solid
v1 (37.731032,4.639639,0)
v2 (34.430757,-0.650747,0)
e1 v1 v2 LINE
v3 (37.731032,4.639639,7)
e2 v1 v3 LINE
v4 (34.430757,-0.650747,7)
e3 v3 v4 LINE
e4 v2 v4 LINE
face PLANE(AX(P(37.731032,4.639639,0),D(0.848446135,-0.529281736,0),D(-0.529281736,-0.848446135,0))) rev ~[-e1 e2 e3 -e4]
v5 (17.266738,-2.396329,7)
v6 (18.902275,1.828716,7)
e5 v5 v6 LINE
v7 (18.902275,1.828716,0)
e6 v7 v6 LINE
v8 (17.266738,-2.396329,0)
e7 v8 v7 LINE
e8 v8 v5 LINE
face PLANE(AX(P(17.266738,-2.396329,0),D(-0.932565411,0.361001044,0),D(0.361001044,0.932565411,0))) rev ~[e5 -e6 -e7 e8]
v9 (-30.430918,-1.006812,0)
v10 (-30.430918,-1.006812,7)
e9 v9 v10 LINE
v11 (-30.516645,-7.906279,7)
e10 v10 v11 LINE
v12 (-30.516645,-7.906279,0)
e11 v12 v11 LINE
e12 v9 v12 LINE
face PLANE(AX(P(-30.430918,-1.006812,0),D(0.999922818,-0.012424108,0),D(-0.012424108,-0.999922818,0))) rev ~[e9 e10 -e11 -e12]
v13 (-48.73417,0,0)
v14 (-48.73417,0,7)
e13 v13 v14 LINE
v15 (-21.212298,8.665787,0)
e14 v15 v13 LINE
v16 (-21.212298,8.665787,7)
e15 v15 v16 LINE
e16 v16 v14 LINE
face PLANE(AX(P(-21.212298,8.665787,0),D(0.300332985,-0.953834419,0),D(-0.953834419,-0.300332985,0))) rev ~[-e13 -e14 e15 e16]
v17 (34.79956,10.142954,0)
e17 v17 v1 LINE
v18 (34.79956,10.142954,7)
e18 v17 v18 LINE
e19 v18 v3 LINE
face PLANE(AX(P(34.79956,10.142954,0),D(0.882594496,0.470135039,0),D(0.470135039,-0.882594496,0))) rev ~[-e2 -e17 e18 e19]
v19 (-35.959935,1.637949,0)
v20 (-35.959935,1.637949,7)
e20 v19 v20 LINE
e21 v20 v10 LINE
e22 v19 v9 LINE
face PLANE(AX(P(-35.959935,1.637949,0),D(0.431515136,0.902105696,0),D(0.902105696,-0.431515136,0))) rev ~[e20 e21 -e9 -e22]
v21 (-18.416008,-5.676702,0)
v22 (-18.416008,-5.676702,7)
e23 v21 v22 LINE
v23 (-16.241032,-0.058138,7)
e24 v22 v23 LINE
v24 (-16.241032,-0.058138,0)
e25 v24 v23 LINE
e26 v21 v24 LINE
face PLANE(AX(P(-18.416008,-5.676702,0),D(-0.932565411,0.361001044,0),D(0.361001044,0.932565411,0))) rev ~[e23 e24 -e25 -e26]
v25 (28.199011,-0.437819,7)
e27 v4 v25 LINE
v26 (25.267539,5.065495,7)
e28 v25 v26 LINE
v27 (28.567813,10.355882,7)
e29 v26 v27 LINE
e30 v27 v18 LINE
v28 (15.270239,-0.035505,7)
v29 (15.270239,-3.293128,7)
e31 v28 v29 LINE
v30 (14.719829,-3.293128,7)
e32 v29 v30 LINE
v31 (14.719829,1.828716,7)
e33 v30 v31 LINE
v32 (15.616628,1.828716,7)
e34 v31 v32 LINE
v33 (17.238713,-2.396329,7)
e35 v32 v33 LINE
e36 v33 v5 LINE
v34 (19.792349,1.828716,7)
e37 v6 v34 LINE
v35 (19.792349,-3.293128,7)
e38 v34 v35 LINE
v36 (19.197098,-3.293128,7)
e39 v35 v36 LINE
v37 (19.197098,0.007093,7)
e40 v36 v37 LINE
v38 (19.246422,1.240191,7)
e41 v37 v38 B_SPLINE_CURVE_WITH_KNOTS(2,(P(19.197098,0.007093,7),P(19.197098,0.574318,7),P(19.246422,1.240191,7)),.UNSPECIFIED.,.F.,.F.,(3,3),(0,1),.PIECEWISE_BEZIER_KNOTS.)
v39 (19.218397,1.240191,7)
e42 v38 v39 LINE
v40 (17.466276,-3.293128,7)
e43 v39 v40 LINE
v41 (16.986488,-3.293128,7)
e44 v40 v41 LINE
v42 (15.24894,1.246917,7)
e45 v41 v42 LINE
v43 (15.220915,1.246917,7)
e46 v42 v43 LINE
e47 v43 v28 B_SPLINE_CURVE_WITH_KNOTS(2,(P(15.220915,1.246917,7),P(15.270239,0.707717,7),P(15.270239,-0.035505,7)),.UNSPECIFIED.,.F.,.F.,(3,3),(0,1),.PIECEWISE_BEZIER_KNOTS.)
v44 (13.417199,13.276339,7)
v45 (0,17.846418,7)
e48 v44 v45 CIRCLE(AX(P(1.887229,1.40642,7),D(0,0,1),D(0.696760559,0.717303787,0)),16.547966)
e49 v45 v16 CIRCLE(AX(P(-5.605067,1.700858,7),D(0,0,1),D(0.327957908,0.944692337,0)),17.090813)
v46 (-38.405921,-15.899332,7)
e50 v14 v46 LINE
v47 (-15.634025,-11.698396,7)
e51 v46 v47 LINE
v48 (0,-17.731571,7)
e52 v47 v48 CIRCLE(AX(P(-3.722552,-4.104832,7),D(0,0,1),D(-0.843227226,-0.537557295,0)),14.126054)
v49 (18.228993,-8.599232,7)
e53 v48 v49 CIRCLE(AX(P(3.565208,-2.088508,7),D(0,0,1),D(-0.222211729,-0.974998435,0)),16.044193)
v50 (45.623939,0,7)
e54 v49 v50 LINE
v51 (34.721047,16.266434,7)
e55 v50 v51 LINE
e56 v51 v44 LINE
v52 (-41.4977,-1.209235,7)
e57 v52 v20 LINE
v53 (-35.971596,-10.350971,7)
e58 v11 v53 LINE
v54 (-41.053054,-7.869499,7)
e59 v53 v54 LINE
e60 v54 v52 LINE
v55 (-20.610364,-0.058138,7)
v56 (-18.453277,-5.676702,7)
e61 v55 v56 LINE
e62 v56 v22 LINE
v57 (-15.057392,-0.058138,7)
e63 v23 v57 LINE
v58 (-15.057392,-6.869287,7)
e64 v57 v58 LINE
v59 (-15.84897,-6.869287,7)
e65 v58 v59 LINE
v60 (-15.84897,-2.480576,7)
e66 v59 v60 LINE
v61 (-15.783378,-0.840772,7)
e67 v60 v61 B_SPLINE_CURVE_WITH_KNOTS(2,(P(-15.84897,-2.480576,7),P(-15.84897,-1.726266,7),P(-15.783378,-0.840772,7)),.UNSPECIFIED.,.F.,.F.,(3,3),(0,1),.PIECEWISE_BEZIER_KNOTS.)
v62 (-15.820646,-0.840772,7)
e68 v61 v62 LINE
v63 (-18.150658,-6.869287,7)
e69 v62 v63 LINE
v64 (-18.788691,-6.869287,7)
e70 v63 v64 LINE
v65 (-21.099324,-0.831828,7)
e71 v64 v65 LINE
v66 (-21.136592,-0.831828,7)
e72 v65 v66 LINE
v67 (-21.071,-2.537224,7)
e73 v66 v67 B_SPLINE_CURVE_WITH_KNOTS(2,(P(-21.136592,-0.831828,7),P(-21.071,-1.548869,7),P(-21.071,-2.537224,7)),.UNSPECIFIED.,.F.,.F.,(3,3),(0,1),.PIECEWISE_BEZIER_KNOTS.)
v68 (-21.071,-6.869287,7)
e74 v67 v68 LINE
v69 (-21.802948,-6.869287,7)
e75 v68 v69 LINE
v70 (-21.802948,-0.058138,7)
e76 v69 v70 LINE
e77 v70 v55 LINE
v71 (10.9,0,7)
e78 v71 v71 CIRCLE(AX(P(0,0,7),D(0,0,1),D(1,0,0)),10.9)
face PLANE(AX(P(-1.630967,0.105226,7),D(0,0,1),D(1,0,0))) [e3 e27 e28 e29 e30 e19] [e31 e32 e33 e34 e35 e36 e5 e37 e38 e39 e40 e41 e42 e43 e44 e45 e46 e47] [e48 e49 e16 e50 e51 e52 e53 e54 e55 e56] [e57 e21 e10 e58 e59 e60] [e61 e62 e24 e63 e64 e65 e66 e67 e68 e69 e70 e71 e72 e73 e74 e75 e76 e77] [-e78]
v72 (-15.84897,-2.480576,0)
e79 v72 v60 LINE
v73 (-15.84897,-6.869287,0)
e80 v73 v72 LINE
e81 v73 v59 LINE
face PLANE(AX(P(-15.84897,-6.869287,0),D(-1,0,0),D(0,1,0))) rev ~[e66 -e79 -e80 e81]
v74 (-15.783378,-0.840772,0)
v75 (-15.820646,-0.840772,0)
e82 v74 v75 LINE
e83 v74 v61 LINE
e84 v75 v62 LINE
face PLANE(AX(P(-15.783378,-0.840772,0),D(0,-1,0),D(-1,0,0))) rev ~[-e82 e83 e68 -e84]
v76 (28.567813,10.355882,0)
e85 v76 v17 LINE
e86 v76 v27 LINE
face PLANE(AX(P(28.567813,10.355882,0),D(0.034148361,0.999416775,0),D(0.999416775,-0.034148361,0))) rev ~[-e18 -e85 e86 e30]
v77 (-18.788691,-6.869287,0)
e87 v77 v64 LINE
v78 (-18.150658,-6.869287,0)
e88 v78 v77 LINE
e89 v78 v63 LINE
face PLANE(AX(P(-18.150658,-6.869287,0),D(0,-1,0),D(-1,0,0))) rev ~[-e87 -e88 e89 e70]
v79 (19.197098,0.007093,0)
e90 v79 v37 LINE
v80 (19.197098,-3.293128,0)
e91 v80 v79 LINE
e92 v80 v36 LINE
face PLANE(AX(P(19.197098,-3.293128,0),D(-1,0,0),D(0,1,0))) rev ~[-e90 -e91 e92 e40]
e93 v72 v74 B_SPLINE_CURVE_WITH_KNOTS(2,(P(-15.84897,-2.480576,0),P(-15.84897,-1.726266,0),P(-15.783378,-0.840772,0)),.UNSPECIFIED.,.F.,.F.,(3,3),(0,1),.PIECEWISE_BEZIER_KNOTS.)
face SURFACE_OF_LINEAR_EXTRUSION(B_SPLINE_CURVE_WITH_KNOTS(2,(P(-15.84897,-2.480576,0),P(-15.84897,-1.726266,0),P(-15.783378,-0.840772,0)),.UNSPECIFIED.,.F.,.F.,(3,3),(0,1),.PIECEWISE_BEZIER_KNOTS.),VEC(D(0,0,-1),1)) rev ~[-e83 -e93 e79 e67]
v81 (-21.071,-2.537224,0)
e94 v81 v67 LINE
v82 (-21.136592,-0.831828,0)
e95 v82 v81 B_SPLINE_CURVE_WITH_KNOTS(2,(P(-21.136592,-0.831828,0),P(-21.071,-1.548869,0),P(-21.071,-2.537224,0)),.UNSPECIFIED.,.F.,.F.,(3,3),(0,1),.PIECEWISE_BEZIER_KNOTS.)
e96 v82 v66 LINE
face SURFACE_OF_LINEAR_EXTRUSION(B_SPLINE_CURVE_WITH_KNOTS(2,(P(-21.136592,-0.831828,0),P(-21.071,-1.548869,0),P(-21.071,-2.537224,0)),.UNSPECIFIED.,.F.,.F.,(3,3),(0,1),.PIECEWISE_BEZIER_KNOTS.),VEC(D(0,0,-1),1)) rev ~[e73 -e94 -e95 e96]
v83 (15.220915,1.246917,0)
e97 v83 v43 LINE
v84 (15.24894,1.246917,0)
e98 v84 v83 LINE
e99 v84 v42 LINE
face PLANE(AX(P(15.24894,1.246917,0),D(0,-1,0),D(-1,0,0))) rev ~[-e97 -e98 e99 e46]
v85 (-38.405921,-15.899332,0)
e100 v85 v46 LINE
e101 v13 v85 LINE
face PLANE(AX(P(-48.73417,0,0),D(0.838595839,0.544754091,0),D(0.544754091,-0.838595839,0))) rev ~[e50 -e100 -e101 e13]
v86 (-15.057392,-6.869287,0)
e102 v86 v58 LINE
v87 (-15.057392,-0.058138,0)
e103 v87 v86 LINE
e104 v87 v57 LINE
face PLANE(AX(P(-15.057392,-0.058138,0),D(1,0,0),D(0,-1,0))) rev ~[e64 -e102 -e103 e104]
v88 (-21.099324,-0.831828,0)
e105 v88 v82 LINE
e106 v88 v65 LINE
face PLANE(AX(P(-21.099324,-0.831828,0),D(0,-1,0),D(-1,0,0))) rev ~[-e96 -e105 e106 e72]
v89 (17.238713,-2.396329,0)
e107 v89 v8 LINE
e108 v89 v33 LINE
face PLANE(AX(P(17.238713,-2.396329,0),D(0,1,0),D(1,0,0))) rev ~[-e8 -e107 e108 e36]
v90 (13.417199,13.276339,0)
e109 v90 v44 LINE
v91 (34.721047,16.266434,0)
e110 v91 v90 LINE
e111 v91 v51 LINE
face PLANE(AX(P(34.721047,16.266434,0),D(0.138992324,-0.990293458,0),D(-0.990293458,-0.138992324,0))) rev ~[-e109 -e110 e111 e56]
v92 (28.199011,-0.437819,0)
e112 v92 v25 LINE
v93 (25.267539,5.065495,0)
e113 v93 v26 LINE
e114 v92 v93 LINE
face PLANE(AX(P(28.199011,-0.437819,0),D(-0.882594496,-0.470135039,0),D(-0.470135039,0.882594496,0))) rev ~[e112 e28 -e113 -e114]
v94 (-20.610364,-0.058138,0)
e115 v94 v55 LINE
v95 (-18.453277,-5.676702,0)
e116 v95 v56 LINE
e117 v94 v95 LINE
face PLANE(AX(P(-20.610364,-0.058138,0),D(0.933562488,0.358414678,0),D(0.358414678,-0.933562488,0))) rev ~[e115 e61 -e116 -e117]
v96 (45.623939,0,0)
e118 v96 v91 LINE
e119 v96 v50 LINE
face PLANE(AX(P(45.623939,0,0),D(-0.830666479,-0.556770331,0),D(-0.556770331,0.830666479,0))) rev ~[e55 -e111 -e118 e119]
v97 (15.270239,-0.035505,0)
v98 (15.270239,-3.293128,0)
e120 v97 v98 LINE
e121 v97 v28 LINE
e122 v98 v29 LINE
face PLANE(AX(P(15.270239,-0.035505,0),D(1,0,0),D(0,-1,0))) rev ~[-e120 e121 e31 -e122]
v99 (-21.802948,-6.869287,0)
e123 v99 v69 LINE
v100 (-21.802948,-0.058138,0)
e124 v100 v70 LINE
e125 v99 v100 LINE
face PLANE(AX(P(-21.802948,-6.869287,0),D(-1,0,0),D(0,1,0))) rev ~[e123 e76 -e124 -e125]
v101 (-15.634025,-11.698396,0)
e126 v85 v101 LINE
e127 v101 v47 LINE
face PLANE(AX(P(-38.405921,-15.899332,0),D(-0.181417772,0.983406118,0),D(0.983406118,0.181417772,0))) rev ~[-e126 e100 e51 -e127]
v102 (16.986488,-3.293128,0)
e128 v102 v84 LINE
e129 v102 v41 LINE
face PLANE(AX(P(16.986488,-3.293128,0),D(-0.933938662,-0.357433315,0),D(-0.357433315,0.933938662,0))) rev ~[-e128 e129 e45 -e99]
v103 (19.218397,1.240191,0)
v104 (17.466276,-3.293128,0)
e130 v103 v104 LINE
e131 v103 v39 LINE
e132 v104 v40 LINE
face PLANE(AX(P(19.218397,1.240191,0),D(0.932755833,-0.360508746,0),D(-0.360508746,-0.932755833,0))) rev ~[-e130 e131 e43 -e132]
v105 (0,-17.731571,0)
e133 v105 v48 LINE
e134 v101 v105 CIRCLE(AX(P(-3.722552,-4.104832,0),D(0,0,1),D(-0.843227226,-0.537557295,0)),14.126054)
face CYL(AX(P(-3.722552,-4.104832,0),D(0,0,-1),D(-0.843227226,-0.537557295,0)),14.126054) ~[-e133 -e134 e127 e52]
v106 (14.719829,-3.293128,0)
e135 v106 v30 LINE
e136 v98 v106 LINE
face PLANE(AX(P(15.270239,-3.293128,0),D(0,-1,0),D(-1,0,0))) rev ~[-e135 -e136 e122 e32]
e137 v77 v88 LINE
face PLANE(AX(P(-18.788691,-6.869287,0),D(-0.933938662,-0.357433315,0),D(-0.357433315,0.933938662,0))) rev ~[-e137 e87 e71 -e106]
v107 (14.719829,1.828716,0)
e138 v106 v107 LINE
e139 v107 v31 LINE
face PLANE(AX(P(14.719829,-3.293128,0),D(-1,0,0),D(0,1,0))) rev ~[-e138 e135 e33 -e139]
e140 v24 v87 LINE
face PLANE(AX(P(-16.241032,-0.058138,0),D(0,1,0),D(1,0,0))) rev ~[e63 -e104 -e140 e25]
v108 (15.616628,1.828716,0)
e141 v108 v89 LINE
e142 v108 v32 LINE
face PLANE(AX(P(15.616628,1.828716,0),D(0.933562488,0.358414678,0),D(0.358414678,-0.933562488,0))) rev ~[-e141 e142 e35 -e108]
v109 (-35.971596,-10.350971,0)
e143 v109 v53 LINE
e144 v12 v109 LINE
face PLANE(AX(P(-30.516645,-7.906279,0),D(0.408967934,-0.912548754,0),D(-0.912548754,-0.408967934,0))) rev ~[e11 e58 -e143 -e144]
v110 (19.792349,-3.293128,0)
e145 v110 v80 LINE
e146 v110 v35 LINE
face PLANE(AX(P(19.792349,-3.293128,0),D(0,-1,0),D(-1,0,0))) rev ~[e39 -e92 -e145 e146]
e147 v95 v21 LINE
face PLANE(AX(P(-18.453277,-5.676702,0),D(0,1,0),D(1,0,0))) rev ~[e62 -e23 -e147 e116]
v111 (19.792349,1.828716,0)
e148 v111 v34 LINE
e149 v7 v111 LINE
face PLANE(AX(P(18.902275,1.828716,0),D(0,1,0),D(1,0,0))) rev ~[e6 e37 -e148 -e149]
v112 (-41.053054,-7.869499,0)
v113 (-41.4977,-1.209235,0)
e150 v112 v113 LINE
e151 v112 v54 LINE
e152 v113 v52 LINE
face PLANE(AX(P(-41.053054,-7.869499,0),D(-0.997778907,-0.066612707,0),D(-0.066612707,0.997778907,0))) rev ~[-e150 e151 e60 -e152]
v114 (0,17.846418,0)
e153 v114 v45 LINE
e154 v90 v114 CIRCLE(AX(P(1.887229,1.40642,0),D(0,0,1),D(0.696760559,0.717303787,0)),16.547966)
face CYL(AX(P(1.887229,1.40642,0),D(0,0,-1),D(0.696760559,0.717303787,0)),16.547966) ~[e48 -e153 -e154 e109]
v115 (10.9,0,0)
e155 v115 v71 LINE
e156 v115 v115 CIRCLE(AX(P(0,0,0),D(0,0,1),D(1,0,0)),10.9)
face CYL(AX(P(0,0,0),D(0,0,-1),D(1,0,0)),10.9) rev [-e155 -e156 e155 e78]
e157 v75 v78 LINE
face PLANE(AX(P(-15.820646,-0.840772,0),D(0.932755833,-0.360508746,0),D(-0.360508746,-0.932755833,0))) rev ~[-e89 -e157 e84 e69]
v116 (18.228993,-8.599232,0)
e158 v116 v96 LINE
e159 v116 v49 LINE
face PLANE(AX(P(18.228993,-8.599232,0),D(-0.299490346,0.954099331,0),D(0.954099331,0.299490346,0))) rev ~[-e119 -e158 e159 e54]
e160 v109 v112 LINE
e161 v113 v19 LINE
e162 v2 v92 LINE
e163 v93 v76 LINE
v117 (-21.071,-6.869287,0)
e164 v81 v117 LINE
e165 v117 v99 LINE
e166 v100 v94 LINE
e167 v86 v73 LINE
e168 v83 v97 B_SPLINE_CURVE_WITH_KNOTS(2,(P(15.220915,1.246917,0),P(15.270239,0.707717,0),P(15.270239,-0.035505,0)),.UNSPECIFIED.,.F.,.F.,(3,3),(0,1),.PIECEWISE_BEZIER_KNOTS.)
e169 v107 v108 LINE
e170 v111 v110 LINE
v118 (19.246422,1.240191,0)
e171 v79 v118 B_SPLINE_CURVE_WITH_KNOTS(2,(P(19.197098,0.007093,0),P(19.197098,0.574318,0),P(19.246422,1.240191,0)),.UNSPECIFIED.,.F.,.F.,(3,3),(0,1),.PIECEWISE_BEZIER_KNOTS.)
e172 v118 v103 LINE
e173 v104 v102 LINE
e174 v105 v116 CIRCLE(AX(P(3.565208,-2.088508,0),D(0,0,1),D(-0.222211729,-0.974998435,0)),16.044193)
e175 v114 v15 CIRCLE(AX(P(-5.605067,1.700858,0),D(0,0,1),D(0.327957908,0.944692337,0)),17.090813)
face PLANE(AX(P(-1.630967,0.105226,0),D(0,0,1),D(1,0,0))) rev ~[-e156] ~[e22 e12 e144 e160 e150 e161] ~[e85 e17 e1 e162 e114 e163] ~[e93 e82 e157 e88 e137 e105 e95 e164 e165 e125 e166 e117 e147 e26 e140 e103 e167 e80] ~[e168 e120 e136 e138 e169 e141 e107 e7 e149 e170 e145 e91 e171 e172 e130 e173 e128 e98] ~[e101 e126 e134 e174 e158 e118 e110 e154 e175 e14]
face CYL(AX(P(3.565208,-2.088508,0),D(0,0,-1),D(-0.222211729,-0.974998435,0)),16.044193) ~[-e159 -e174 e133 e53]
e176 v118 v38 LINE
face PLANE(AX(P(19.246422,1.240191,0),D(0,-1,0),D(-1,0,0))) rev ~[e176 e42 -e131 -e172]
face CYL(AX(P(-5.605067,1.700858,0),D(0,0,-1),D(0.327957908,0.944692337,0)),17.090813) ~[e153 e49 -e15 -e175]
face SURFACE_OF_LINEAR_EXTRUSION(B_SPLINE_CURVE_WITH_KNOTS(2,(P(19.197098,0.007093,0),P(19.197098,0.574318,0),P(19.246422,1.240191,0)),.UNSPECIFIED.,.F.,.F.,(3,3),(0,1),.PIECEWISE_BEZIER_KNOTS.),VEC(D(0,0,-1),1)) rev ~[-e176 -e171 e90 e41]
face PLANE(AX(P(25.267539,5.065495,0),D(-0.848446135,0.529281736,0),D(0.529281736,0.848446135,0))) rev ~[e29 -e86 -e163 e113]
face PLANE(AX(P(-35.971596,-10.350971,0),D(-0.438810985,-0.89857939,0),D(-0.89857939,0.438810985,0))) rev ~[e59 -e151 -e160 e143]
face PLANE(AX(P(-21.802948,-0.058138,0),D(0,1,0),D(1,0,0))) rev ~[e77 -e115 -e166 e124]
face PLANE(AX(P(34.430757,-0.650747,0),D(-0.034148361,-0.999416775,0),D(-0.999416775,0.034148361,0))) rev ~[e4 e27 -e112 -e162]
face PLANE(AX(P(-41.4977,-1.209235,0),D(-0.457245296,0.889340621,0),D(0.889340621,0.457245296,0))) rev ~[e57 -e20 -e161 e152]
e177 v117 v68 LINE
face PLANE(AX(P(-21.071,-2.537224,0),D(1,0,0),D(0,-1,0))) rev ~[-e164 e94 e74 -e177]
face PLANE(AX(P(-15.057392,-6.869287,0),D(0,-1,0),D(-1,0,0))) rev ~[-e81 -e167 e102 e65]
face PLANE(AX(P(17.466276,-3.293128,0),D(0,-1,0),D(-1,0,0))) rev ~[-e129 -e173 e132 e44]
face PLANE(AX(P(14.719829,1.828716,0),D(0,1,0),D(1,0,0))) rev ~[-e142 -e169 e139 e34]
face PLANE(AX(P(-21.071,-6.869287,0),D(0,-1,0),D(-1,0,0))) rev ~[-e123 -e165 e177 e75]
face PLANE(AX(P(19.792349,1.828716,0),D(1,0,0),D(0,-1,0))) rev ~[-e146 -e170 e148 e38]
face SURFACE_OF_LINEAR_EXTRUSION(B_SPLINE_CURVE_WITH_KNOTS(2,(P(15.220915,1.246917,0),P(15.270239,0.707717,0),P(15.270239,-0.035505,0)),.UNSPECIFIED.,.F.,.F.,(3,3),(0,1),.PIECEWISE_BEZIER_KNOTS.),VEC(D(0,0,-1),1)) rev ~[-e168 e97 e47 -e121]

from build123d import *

# Parameters (mm, degrees)
F0_R     = 10.9
F1_DEPTH = 7


with BuildPart() as f1:
    # F0 (on Top) → F1 (new body)
    with BuildSketch(Plane.XY):
        with BuildLine():
            ThreePointArc((13.4171988449, 13.2763387254), (7.22267833, 17.0706517665), (0, 17.8464182291))
            ThreePointArc((0, 17.8464182291), (-12.3934261668, 17.3856939079), (-21.212298119, 8.6657869967))
            Line((-21.212298119, 8.6657869967), (-48.7341698839, 0))
            Line((-48.7341698839, 0), (-38.4059213102, -15.8993322402))
            Line((-38.4059213102, -15.8993322402), (-15.6340252481, -11.698395744))
            ThreePointArc((-15.6340252481, -11.698395744), (-8.8082583297, -17.2836407973), (0, -17.731571068))
            ThreePointArc((0, -17.731571068), (10.7516192675, -16.4332499903), (18.2289933575, -8.5992324252))
            Line((18.2289933575, -8.5992324252), (45.6239394844, 0))
            Line((45.6239394844, 0), (34.7210466862, 16.2664335221))
            Line((34.7210466862, 16.2664335221), (13.4171988449, 13.2763387254))
        make_face()
        Polygon((-35.9599349838, 1.6379494826), (-30.4309182695, -1.0068120022), (-30.5166446126, -7.9062794449), (-35.9715961453, -10.350971025), (-41.0530541111, -7.8694990471), (-41.4976999164, -1.2092351681), align=None, mode=Mode.SUBTRACT)
        with BuildLine():
            Line((-18.1506583849, -6.8692867644), (-18.7886910965, -6.8692867644))
            Line((-18.7886910965, -6.8692867644), (-21.0993235802, -0.8318276941))
            Line((-21.0993235802, -0.8318276941), (-21.1365918461, -0.8318276941))
            add(Edge.make_bspline(
                [(-21.1365918461, -0.8318276941), (-21.0709996982, -1.5488691294), (-21.0709996982, -2.5372235402)],
                knots=[0, 0, 0, 1, 1, 1], degree=2))
            Line((-21.0709996982, -2.5372235402), (-21.0709996982, -6.8692867644))
            Line((-21.0709996982, -6.8692867644), (-21.8029484398, -6.8692867644))
            Line((-21.8029484398, -6.8692867644), (-21.8029484398, -0.0581384948))
            Line((-21.8029484398, -0.0581384948), (-20.6103639321, -0.0581384948))
            Line((-20.6103639321, -0.0581384948), (-18.4532767037, -5.6767022567))
            Line((-18.4532767037, -5.6767022567), (-18.4160084379, -5.6767022567))
            Line((-18.4160084379, -5.6767022567), (-16.2410324419, -0.0581384948))
            Line((-16.2410324419, -0.0581384948), (-15.057392318, -0.0581384948))
            Line((-15.057392318, -0.0581384948), (-15.057392318, -6.8692867644))
            Line((-15.057392318, -6.8692867644), (-15.848970285, -6.8692867644))
            Line((-15.848970285, -6.8692867644), (-15.848970285, -2.480575776))
            add(Edge.make_bspline(
                [(-15.848970285, -2.480575776), (-15.848970285, -1.7262660749), (-15.7833781371, -0.8407720779)],
                knots=[0, 0, 0, 1, 1, 1], degree=2))
            Line((-15.7833781371, -0.8407720779), (-15.820646403, -0.8407720779))
            Line((-15.820646403, -0.8407720779), (-18.1506583849, -6.8692867644))
        make_face(mode=Mode.SUBTRACT)
        Circle(F0_R, mode=Mode.SUBTRACT)
        with BuildLine():
            Line((17.4662758568, -3.2931279857), (16.9864883353, -3.2931279857))
            Line((16.9864883353, -3.2931279857), (15.2489400681, 1.2469174867))
            Line((15.2489400681, 1.2469174867), (15.220915096, 1.2469174867))
            add(Edge.make_bspline(
                [(15.220915096, 1.2469174867), (15.2702390468, 0.7077170244), (15.2702390468, -0.0355052344)],
                knots=[0, 0, 0, 1, 1, 1], degree=2))
            Line((15.2702390468, -0.0355052344), (15.2702390468, -3.2931279857))
            Line((15.2702390468, -3.2931279857), (14.7198285957, -3.2931279857))
            Line((14.7198285957, -3.2931279857), (14.7198285957, 1.8287159065))
            Line((14.7198285957, 1.8287159065), (15.6166277014, 1.8287159065))
            Line((15.6166277014, 1.8287159065), (17.2387130837, -2.39632888))
            Line((17.2387130837, -2.39632888), (17.2667380558, -2.39632888))
            Line((17.2667380558, -2.39632888), (18.9022754247, 1.8287159065))
            Line((18.9022754247, 1.8287159065), (19.7923485371, 1.8287159065))
            Line((19.7923485371, 1.8287159065), (19.7923485371, -3.2931279857))
            Line((19.7923485371, -3.2931279857), (19.1970981307, -3.2931279857))
            Line((19.1970981307, -3.2931279857), (19.1970981307, 0.0070927231))
            add(Edge.make_bspline(
                [(19.1970981307, 0.0070927231), (19.1970981307, 0.5743181575), (19.2464220815, 1.2401914934)],
                knots=[0, 0, 0, 1, 1, 1], degree=2))
            Line((19.2464220815, 1.2401914934), (19.2183971095, 1.2401914934))
            Line((19.2183971095, 1.2401914934), (17.4662758568, -3.2931279857))
        make_face(mode=Mode.SUBTRACT)
        Polygon((28.5678132643, 10.3558819706), (34.7995595381, 10.142953863), (37.7310315247, 4.6396392261), (34.4307572375, -0.6507473031), (28.1990109637, -0.4378191955), (25.2675389771, 5.0654954413), align=None, mode=Mode.SUBTRACT)
    extrude(amount=F1_DEPTH)


solid = f1.part
